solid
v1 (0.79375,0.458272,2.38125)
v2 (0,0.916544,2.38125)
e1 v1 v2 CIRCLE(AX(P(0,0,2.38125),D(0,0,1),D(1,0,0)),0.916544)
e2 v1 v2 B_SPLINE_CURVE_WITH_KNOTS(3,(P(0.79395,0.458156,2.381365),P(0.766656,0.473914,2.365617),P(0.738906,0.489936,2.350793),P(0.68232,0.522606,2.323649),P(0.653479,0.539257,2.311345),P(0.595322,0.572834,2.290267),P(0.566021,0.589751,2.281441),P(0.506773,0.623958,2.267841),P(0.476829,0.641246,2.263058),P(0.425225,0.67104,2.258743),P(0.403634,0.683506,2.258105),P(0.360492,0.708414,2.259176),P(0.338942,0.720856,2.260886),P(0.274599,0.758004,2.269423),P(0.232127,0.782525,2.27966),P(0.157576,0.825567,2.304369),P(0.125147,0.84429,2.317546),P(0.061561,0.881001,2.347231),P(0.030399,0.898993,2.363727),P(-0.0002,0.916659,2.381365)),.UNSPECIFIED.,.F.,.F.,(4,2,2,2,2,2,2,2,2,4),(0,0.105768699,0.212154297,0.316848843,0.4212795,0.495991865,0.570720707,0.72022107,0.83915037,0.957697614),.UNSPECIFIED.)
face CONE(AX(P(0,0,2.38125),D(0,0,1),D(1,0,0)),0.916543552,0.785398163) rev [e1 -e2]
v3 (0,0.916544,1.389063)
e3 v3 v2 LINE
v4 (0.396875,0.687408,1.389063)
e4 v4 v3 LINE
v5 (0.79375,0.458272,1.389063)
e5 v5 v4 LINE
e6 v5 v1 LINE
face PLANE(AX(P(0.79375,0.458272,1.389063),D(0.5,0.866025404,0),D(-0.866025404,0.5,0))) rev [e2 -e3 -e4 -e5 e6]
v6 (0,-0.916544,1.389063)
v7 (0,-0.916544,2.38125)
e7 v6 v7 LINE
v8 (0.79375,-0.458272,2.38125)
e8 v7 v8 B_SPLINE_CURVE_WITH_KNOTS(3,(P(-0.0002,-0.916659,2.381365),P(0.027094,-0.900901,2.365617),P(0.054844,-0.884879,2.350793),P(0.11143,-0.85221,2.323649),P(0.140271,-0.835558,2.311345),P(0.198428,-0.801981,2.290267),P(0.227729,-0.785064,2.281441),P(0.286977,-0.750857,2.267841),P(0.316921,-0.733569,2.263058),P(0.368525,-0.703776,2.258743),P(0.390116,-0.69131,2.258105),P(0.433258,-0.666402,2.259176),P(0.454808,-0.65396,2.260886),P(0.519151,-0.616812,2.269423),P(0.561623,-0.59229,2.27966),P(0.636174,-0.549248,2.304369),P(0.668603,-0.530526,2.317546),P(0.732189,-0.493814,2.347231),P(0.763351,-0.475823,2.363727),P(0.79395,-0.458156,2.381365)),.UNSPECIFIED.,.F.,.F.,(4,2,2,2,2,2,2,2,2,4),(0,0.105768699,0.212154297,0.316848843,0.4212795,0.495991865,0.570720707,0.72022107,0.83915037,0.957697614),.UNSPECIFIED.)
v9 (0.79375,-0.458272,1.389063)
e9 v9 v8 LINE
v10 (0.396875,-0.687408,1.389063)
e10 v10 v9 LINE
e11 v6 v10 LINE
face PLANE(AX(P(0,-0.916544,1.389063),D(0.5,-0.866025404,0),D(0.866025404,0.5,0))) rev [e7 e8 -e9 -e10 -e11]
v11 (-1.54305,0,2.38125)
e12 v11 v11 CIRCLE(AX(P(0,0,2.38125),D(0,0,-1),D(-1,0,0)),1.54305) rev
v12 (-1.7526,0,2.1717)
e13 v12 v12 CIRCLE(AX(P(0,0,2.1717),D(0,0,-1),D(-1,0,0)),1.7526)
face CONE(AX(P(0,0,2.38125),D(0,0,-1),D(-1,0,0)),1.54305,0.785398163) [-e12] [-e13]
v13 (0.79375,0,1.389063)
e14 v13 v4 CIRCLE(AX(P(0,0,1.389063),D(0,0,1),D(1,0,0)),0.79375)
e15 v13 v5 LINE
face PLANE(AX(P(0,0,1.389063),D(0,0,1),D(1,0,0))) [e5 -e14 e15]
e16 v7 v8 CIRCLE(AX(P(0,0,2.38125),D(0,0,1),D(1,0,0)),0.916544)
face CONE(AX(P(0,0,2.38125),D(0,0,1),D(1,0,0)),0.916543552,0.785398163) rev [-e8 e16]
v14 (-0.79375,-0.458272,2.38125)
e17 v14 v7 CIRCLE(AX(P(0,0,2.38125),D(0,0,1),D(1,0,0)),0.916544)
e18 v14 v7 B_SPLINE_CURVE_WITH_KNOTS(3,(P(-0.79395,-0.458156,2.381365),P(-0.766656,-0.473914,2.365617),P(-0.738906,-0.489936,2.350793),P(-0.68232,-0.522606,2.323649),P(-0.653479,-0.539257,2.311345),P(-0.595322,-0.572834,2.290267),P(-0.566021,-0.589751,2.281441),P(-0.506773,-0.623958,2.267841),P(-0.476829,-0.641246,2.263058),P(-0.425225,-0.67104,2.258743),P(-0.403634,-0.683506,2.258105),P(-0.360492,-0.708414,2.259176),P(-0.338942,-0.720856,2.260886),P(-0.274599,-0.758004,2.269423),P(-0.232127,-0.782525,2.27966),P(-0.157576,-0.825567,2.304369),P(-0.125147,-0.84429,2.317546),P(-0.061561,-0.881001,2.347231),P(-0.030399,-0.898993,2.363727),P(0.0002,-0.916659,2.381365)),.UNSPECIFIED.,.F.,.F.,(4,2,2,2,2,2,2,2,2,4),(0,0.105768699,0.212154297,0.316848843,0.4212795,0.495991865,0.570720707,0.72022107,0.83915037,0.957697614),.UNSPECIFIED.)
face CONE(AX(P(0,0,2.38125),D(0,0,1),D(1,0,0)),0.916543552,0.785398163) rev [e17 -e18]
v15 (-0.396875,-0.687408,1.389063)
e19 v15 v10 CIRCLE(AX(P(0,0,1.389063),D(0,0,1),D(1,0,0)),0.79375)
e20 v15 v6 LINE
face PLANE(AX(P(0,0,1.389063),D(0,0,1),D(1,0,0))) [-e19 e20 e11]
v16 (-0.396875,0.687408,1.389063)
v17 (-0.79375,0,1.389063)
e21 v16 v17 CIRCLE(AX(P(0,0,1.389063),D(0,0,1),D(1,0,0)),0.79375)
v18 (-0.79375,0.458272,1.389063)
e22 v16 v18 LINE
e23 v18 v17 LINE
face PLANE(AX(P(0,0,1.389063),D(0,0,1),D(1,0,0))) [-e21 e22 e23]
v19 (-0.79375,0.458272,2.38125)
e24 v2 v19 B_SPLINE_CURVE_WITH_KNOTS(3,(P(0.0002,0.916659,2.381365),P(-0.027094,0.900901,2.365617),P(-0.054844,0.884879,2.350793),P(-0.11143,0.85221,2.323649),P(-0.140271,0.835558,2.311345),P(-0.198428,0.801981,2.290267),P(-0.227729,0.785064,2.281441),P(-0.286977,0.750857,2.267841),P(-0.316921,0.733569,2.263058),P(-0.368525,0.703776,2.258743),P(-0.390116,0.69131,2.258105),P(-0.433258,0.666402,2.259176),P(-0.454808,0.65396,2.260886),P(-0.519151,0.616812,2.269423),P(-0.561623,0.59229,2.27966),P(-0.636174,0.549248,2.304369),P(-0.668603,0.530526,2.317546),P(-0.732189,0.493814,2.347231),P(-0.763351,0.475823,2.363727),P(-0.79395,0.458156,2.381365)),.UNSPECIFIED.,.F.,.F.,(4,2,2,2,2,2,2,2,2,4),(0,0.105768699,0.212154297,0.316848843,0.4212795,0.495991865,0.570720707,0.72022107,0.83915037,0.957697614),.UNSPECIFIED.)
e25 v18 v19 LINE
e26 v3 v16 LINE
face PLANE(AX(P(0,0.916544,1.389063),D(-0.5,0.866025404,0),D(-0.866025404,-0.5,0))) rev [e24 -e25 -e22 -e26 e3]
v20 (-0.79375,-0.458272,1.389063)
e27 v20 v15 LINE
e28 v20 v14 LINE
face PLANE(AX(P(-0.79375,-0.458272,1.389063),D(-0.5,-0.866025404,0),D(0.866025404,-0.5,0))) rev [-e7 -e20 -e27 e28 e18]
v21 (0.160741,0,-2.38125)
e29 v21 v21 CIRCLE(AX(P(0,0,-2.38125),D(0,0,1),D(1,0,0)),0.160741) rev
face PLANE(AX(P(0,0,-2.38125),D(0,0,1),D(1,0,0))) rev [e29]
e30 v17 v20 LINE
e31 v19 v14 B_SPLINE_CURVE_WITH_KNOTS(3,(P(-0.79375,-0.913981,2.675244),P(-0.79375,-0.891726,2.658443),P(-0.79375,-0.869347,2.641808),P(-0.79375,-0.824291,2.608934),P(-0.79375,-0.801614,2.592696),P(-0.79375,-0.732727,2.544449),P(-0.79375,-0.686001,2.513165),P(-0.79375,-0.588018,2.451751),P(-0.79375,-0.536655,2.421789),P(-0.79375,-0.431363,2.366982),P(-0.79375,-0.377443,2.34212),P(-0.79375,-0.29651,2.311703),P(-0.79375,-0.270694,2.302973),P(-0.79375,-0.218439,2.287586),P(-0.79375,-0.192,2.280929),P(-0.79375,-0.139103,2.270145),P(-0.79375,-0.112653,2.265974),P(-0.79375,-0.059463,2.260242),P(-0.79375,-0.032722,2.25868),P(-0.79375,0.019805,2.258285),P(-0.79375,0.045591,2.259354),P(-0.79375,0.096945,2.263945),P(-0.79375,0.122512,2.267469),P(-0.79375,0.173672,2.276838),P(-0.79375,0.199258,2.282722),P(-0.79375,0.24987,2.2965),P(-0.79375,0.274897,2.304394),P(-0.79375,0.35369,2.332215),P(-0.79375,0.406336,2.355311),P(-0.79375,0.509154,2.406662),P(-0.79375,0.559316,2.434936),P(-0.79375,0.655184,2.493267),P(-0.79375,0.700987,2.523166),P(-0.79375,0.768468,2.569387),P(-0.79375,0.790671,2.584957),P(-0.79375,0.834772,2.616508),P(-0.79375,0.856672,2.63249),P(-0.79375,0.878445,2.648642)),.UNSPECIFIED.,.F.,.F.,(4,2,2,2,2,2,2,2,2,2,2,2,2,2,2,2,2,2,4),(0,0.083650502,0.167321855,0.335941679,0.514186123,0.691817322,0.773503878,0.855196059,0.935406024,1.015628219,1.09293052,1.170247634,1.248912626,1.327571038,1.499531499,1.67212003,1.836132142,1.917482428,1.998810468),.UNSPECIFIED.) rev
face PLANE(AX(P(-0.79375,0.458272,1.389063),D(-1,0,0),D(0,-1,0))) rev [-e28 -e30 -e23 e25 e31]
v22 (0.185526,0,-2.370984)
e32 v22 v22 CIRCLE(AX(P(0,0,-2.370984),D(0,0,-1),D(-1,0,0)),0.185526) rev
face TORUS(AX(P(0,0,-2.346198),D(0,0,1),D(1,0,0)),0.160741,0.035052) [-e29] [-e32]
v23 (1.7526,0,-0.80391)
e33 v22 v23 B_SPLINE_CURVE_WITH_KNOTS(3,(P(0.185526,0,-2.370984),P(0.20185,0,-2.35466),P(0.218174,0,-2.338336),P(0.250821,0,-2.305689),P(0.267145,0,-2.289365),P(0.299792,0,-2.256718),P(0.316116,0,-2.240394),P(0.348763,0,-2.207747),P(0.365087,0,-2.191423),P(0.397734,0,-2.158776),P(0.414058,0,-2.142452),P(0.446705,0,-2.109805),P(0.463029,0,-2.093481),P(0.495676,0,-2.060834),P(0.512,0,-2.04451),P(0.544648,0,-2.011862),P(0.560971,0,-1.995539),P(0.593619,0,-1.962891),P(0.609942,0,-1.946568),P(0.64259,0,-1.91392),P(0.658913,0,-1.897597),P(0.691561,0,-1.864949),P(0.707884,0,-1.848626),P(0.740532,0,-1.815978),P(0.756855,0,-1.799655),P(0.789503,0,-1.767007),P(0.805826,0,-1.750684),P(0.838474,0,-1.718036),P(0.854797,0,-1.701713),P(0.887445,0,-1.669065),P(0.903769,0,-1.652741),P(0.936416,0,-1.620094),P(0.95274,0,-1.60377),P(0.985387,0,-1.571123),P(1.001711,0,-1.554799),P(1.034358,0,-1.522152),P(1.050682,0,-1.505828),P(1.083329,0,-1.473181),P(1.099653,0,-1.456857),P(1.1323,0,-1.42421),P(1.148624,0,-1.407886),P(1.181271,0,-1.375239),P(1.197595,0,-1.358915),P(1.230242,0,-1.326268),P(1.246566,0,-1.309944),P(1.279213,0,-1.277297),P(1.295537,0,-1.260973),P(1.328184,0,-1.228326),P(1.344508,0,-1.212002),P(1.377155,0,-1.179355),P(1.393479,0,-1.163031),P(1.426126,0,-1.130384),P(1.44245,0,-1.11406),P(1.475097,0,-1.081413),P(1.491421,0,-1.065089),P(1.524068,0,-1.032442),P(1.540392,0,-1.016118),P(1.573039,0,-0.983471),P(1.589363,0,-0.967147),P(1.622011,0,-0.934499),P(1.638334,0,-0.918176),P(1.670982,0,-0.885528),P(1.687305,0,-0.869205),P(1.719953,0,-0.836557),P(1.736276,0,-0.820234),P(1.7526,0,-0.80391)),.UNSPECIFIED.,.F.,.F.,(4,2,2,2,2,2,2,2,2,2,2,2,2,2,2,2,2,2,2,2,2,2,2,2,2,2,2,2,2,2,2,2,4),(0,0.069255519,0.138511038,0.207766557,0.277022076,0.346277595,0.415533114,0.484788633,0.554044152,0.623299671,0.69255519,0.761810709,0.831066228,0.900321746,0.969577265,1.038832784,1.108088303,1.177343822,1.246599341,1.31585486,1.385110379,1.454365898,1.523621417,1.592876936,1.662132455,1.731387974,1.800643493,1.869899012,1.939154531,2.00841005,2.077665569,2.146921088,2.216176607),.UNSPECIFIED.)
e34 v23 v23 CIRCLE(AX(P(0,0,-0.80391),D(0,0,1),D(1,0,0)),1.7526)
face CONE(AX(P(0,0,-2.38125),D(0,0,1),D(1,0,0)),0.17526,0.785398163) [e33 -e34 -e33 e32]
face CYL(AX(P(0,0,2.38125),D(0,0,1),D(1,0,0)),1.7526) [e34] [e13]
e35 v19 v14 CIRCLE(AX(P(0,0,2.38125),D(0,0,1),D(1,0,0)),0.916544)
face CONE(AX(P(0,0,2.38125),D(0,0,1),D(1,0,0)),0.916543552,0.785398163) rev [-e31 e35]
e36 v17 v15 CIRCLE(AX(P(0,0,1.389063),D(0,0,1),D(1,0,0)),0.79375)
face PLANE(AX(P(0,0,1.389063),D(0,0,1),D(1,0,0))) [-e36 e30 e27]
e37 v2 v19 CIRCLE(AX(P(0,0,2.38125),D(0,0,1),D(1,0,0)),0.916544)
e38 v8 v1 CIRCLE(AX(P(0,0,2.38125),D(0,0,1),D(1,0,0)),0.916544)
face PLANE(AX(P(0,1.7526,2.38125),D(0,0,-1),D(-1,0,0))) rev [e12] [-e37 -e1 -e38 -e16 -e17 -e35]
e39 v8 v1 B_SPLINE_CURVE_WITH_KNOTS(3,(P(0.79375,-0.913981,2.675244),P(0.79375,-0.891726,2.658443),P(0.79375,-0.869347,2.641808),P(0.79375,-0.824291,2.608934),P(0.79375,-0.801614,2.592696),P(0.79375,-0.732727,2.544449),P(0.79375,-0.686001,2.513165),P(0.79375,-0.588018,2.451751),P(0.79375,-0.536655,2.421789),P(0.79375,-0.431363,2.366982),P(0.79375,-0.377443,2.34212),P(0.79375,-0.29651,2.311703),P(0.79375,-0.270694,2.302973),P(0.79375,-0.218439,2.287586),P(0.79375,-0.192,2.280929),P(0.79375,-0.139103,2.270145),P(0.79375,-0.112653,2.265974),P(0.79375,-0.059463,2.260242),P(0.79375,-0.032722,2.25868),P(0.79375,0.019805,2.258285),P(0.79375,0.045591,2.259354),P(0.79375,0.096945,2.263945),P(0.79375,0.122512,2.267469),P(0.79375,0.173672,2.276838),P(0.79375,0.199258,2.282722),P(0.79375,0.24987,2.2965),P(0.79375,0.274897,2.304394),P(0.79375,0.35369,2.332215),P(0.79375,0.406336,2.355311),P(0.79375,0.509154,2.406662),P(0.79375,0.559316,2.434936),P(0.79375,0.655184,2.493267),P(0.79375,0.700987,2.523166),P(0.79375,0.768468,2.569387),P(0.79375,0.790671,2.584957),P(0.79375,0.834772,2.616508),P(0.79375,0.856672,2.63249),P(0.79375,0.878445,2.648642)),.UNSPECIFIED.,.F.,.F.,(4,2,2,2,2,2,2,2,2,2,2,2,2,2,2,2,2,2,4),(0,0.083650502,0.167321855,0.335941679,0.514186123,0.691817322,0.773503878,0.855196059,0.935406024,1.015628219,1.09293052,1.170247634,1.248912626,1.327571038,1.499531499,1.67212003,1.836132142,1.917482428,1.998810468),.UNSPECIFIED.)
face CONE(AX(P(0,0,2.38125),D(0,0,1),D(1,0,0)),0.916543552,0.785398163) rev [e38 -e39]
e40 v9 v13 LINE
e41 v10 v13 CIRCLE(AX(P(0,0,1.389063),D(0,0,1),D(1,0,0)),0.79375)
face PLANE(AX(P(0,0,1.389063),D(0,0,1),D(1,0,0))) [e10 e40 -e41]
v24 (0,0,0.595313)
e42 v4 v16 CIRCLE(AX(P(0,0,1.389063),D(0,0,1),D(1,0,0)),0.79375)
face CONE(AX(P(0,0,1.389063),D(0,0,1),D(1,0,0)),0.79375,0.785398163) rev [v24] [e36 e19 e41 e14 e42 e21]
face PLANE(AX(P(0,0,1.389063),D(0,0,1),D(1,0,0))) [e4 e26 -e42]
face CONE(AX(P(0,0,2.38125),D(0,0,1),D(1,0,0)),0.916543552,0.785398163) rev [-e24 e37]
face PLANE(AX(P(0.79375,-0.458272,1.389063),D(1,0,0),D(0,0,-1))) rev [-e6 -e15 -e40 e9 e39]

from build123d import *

# Parameters (mm, degrees)
CHAMFER1_SIZE      = 0.20955
CUT_EXTRUDE1_DEPTH = 0.9921875
FILLET1_R          = 0.035052


with BuildPart() as part:
    # Sketch2 → Revolve1 (revolve)
    with BuildSketch(Plane(origin=(0, 0, 0), x_dir=(0, 0, -1), z_dir=(1, 0, 0))):
        Polygon((-2.38125, 0), (2.38125, 0), (2.38125, 0.17526), (0.80391, 1.7526), (-2.38125, 1.7526), align=None)
    revolve(axis=Axis((0, 0, 2.38125), (0, 0, -1)))

    # Chamfer1
    chamfer1_edges = [part.edges().sort_by_distance(p)[0] for p in [
        (0, -1.7526, 2.38125),
    ]]
    chamfer(chamfer1_edges, length=CHAMFER1_SIZE)

    # Sketch3 → Cut-Extrude1 (cut)
    with BuildSketch(Plane.XY.offset(2.38125)):
        Polygon((0, -0.916543552), (0.79375, -0.458271776), (0.79375, 0.458271776), (0, 0.916543552), (-0.79375, 0.458271776), (-0.79375, -0.458271776), align=None)
    extrude(amount=-CUT_EXTRUDE1_DEPTH, mode=Mode.SUBTRACT)

    # Cut-Extrude2 cone 1 section (through the dimple's axis) → Cut-Extrude2 (revolve, cut)
    with BuildSketch(Plane(origin=(0, 0, 2.38125), x_dir=(0, -1, 0), z_dir=(1, 0, 0))):
        Polygon((0, 0), (0.916543552, 0), (0, 0.916543552), align=None)
    revolve(axis=Axis((0, 0, 2.38125), (0, 0, -1)), mode=Mode.SUBTRACT)

    # Cut-Extrude3 cone 1 section (through the dimple's axis) → Cut-Extrude3 (revolve, cut)
    with BuildSketch(Plane(origin=(0, 0, 1.3890625), x_dir=(0, -1, 0), z_dir=(1, 0, 0))):
        Polygon((0, 0), (0.79375, 0), (0, 0.79375), align=None)
    revolve(axis=Axis((0, 0, 1.3890625), (0, 0, -1)), mode=Mode.SUBTRACT)

    # Fillet1
    fillet1_edges = [part.edges().sort_by_distance(p)[0] for p in [
        (0, -0.17526, -2.38125),
    ]]
    fillet(fillet1_edges, radius=FILLET1_R)


solid = part.part
